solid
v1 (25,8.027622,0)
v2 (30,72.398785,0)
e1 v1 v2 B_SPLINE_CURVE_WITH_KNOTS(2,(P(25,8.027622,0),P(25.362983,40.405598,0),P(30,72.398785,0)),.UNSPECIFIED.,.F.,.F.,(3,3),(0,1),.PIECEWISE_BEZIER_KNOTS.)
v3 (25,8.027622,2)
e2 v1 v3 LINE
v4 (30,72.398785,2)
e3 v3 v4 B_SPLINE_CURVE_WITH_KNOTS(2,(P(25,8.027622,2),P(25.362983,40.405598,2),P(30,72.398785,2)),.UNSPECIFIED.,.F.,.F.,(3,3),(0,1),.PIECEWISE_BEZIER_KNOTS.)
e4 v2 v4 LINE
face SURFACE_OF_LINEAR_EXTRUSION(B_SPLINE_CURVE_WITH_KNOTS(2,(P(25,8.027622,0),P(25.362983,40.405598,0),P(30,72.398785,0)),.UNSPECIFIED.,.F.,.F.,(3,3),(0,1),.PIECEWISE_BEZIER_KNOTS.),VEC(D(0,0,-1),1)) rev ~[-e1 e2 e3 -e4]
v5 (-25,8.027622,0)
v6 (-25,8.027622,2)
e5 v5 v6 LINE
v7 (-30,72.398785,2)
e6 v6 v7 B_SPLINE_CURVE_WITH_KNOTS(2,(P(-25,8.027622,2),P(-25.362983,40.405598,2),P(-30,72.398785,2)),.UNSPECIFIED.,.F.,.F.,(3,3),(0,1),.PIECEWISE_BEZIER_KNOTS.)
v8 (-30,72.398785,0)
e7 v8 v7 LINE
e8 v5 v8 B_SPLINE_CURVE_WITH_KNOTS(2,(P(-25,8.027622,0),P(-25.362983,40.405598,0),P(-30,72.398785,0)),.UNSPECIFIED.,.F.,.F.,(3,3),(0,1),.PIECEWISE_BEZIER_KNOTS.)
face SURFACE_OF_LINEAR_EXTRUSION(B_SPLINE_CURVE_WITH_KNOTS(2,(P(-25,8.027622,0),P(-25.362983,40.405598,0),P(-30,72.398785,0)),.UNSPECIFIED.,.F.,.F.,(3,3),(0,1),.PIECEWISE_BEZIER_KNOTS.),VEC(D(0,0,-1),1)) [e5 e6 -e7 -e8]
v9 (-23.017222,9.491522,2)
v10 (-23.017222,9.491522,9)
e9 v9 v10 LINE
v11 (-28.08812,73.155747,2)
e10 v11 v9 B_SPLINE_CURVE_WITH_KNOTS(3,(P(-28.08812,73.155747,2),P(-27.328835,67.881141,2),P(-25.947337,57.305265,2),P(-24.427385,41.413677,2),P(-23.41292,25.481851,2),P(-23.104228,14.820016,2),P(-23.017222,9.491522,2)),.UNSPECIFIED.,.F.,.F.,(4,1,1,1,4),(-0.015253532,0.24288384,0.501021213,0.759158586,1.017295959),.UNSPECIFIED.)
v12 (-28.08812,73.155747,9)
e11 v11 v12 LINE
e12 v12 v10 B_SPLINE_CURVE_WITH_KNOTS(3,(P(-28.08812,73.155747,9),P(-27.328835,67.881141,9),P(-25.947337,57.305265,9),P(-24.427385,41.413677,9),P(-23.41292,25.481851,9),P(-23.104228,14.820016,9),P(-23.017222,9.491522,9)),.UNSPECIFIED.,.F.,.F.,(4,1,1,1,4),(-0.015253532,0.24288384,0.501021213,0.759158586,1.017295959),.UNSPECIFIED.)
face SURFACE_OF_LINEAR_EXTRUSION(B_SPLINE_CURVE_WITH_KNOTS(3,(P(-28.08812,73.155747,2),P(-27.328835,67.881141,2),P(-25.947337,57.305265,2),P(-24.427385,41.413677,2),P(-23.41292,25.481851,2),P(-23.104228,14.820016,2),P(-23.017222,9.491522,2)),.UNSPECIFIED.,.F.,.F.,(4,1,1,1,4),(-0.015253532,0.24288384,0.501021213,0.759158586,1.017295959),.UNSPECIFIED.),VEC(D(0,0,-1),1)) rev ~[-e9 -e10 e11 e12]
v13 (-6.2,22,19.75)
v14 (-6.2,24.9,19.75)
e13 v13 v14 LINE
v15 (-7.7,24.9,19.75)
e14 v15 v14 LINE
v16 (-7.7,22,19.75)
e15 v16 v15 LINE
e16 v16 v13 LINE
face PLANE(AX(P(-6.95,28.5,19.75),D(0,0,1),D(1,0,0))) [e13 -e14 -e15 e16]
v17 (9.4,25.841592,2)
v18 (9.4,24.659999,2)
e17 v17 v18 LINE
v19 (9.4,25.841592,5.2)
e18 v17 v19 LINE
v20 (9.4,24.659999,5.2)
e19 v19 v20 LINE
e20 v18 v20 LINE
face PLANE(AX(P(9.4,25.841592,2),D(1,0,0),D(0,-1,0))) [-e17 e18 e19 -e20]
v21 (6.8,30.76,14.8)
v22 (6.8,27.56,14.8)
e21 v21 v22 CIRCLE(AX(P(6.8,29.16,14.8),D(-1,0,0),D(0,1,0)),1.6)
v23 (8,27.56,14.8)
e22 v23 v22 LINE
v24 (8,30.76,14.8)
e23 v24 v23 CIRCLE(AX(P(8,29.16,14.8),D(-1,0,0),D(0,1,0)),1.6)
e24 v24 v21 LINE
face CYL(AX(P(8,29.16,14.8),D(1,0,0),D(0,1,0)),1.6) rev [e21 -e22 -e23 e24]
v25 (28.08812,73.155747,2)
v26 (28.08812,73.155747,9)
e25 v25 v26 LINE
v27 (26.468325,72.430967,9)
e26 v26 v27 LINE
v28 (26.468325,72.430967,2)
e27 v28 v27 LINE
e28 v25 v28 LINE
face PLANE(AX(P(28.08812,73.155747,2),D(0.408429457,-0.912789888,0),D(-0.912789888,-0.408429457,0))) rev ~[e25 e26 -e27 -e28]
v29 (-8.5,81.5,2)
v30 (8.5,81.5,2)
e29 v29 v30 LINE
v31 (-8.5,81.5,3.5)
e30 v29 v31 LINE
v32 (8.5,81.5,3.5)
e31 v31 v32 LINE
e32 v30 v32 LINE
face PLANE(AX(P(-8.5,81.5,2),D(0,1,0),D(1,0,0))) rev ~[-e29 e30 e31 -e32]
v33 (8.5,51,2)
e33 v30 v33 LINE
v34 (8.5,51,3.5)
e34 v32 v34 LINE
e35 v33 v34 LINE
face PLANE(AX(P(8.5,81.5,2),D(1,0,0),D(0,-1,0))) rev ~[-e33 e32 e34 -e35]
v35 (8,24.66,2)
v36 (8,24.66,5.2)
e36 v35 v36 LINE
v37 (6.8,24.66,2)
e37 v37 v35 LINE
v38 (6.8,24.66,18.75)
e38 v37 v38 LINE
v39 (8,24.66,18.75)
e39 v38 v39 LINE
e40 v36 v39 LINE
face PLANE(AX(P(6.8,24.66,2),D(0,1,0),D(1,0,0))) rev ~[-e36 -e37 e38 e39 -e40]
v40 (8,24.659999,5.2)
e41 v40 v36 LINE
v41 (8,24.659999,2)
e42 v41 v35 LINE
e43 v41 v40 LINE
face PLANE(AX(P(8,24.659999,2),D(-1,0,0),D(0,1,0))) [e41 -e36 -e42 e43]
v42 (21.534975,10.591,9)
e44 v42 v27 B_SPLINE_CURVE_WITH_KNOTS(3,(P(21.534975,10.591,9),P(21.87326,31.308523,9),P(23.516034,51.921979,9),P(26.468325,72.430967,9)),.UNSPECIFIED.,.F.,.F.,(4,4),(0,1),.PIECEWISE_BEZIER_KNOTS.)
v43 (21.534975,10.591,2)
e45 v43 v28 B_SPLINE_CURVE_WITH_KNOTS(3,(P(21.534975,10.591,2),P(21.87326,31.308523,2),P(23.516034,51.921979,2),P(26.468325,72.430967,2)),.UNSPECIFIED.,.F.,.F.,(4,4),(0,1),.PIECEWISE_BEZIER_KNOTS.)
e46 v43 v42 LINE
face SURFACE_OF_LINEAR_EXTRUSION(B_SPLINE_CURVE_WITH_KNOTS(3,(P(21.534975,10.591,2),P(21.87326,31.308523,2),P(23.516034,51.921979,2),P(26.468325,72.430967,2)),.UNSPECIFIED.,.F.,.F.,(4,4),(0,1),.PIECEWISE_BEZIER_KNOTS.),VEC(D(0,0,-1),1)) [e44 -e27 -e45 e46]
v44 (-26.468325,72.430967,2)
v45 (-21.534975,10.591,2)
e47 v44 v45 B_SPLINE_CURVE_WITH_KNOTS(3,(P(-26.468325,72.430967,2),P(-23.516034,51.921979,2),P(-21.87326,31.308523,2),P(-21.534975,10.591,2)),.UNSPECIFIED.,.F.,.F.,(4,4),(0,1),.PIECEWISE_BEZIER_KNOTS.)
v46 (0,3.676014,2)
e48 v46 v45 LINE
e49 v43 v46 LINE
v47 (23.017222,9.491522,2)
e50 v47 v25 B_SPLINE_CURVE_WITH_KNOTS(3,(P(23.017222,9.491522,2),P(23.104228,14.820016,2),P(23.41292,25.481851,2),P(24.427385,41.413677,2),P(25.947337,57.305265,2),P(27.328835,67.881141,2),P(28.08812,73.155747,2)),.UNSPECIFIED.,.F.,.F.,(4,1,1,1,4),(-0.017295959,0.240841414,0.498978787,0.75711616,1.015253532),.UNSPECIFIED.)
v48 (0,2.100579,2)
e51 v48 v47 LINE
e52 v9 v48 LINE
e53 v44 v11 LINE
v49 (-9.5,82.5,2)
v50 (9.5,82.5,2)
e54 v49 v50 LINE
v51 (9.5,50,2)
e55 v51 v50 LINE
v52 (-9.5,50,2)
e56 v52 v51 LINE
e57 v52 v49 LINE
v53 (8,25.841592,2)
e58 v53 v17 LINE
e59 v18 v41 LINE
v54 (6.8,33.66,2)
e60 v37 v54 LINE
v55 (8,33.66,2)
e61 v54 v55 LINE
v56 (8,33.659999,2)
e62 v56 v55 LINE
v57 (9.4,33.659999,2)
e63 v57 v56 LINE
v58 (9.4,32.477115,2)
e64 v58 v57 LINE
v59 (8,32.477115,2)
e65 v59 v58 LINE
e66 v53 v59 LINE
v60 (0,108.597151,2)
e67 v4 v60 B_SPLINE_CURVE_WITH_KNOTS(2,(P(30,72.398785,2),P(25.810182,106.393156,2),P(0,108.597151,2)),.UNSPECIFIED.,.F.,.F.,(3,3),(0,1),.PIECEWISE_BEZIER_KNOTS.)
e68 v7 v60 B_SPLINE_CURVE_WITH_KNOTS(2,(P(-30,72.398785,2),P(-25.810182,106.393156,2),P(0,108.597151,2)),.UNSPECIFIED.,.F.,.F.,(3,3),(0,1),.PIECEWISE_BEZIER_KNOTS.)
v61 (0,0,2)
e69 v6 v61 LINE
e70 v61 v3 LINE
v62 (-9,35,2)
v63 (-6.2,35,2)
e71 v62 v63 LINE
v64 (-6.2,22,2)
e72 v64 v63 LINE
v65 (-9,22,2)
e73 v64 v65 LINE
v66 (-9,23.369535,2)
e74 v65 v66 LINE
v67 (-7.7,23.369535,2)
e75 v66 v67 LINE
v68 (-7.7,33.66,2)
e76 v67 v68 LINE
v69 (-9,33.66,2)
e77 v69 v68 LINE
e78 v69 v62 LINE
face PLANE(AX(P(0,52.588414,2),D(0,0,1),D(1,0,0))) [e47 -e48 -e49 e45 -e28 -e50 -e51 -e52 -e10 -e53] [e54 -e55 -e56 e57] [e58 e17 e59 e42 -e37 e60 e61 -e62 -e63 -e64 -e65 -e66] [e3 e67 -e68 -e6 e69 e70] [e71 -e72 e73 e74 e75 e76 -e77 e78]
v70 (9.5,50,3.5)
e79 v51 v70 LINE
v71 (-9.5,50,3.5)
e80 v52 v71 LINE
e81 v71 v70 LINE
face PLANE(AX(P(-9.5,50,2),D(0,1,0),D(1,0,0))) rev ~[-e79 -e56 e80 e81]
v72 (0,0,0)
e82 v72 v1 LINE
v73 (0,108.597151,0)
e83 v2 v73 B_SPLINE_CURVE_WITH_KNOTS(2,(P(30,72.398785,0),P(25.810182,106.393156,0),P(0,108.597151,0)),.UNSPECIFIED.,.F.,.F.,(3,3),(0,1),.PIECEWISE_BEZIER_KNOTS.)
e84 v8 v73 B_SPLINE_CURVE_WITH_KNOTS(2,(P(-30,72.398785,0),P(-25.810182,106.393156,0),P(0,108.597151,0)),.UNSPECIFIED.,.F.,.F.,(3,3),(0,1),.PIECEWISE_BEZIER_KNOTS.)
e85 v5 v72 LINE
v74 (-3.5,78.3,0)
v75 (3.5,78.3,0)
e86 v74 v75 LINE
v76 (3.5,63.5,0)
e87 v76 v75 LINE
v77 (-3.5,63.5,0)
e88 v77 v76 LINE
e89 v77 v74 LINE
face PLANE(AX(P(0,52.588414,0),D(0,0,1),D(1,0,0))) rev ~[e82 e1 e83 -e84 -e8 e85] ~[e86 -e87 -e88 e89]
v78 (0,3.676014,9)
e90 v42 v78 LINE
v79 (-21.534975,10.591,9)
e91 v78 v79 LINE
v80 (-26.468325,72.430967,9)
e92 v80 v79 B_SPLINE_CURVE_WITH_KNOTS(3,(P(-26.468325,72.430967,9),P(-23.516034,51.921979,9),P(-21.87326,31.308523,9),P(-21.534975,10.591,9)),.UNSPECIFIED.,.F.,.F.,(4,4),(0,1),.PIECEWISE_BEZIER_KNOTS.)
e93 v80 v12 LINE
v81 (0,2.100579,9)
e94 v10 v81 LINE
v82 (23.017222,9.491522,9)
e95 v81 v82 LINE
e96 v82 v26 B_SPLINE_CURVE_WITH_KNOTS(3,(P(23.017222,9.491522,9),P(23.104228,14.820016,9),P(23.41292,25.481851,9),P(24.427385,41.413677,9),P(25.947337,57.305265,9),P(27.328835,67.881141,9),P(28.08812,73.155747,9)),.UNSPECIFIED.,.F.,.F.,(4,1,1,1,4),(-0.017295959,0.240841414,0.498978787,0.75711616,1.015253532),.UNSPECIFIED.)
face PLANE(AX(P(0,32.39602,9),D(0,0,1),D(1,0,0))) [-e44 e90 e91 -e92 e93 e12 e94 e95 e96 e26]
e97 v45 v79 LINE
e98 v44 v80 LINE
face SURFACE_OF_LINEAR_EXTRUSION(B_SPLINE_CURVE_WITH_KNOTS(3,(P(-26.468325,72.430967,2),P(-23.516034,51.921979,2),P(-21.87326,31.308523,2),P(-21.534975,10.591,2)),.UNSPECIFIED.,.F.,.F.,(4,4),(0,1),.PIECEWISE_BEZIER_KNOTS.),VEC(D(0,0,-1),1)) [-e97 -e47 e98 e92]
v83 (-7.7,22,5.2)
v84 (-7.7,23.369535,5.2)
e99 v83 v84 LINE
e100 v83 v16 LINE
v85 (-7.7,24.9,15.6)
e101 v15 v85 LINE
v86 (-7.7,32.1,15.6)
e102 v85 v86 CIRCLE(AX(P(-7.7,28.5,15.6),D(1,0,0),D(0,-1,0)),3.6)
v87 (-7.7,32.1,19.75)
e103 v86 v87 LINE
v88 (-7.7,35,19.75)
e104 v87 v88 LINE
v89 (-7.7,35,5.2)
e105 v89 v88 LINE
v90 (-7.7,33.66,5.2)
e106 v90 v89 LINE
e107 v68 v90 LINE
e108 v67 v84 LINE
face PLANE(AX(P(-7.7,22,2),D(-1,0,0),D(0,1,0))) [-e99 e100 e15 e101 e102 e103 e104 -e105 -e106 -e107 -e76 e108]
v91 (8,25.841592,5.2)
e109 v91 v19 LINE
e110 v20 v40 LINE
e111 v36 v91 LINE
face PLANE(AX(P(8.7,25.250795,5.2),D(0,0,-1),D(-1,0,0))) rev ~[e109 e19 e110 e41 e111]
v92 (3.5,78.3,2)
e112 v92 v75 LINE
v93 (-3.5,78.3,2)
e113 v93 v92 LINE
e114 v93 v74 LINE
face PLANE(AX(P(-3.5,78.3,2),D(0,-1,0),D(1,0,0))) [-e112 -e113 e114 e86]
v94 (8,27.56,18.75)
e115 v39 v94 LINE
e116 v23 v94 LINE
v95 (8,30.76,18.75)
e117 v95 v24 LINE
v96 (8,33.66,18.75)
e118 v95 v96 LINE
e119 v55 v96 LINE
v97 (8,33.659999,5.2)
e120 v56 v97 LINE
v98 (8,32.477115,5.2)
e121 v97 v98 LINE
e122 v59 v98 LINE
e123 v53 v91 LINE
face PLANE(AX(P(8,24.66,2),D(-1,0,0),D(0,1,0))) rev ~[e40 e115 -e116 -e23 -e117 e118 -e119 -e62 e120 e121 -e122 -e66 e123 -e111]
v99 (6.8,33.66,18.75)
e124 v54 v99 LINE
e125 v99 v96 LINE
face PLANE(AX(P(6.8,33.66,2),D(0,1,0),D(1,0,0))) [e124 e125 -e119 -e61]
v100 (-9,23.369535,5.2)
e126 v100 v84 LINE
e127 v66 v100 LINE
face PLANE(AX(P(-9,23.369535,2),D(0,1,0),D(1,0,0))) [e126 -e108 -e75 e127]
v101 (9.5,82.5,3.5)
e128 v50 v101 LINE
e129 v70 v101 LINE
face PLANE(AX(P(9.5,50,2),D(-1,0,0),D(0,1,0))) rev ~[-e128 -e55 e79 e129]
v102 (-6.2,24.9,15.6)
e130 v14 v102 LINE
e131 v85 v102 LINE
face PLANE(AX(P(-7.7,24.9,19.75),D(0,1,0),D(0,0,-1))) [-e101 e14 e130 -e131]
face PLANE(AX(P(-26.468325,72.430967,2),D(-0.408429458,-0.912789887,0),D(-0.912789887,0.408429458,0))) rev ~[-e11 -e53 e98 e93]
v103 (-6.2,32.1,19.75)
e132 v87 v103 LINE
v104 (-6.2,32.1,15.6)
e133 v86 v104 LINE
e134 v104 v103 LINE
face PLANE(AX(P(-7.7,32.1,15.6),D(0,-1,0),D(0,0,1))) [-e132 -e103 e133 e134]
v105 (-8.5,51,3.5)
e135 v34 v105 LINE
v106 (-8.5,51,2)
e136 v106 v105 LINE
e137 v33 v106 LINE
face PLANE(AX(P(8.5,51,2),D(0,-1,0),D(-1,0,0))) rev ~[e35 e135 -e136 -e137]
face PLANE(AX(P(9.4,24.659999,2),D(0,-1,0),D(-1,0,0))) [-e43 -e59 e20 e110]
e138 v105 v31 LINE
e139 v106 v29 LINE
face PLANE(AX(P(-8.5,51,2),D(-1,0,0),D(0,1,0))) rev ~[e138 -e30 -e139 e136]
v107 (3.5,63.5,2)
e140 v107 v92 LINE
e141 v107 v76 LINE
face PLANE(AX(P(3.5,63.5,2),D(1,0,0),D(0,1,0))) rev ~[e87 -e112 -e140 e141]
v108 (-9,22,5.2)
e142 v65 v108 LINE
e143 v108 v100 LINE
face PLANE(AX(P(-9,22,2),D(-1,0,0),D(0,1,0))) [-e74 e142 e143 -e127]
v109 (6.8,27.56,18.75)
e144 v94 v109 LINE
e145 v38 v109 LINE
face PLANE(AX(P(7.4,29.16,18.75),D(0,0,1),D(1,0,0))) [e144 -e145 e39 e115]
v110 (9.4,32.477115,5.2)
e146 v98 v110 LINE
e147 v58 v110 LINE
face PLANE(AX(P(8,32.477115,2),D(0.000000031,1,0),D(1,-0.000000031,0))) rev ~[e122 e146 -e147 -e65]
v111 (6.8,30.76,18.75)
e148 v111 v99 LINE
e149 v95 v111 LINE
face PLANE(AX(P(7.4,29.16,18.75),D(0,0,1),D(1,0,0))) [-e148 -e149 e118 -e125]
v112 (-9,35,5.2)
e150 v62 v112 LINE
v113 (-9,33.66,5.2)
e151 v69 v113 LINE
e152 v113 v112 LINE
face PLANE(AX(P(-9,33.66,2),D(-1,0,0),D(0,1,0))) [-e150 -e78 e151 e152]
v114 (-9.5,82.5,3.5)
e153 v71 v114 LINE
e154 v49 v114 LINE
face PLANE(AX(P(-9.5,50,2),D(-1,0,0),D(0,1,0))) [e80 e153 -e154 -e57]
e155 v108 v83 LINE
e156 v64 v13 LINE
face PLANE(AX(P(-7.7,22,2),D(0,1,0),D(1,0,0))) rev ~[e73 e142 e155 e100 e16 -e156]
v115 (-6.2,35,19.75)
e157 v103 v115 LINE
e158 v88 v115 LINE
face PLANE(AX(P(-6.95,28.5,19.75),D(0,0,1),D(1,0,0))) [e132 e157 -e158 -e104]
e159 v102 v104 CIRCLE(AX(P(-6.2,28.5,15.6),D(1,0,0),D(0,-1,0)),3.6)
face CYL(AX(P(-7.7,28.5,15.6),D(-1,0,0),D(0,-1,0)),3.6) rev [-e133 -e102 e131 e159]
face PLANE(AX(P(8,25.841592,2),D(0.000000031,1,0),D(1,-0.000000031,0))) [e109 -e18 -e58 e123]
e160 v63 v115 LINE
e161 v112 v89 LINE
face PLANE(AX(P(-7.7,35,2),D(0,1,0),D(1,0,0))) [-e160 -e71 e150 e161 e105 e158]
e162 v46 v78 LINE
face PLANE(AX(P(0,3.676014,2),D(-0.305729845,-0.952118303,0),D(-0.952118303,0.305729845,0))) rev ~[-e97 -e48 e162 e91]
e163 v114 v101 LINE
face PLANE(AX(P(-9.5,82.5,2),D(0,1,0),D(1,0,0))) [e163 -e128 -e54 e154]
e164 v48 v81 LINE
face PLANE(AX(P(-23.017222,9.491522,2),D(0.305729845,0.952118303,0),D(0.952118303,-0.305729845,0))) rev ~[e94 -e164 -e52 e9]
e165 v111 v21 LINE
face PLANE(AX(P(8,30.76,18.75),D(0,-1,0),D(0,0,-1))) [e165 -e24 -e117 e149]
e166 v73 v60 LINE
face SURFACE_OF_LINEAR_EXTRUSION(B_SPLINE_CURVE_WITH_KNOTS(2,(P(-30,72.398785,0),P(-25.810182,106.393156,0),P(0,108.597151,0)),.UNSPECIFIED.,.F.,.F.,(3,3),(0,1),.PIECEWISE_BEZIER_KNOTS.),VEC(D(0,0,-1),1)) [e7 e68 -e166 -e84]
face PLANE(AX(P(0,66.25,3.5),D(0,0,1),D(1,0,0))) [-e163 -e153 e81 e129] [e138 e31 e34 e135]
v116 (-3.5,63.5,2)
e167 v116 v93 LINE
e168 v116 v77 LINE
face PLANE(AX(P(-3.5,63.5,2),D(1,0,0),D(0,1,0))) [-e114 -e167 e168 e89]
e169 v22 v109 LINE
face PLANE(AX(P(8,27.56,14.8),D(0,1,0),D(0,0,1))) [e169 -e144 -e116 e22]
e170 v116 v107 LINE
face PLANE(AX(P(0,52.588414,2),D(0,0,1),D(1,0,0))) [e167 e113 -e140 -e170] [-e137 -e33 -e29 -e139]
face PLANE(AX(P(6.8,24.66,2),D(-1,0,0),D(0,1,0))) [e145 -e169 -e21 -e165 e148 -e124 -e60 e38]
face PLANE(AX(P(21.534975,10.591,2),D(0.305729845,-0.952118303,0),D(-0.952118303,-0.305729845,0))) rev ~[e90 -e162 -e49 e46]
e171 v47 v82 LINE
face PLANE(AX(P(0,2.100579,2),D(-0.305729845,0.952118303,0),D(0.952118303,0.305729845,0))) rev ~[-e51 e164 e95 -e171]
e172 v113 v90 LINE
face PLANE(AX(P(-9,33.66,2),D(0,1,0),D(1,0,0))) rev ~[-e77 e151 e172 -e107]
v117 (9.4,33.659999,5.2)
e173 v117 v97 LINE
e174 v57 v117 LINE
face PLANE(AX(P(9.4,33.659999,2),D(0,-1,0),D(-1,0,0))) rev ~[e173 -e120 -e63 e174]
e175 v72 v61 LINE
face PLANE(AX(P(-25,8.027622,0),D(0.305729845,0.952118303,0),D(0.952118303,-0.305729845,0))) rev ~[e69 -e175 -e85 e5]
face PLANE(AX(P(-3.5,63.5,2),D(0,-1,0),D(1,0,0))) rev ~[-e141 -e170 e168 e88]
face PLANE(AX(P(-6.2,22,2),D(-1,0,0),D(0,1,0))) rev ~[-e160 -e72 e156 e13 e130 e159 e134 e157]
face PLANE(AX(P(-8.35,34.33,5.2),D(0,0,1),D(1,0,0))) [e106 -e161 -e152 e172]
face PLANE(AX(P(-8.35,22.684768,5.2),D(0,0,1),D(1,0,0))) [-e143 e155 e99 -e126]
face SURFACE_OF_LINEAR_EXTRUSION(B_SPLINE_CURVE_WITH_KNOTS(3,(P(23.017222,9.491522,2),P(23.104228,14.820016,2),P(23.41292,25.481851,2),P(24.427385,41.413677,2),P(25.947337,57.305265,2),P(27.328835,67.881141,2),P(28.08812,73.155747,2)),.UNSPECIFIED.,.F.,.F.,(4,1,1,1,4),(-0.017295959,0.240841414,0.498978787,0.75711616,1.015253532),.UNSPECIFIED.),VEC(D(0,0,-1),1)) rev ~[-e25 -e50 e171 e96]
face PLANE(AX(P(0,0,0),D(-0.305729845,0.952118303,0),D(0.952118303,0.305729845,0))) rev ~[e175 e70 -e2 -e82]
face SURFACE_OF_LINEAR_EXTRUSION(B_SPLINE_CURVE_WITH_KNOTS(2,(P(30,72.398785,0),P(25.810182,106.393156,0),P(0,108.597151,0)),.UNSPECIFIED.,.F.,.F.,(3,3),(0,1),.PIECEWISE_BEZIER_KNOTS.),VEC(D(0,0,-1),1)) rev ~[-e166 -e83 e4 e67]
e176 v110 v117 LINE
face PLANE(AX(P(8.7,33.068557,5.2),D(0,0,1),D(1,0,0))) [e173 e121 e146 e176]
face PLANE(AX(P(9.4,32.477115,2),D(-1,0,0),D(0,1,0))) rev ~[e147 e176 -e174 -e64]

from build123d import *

# Parameters (mm, degrees)
P_IDAT_VYSUNUT_M3_DEPTH  = 2
SKICA5_W                 = 19
SKICA5_H                 = 32.5
P_IDAT_VYSUNUT_M4_DEPTH  = 1.5
SKICA6_W                 = 1.5
SKICA6_H                 = 13
P_IDAT_VYSUNUT_M5_DEPTH  = 17.75
SKICA6_4_W               = 1.2
SKICA6_4_H               = 9
P_IDAT_VYSUNUT_M6_DEPTH  = 16.75
SKICA9_W                 = 1.3
SKICA9_H                 = 1.369535349
SKICA9_H_2               = 1.34
P_IDAT_VYSUNUT_M7_DEPTH  = 3.2
ODEBRAT_VYSUNUT_M5_DEPTH = 1.2
ODEBRAT_VYSUNUT_M6_DEPTH = 1.5
SKICA13_W                = 7
SKICA13_H                = 14.8
ODEBRAT_VYSUNUT_M7_DEPTH = 2
P_IDAT_VYSUNUT_M9_DEPTH  = 7


with BuildPart() as part:
    # Skica3 → Přidat vysunutím3 (new body)
    with BuildSketch(Plane.XY):
        with BuildLine():
            Line((0, 0), (25, 8.027622297))
            add(Edge.make_bspline(
                [(25, 8.027622297), (25.362983363, 40.405597735), (30, 72.39878495)],
                knots=[0, 0, 0, 1, 1, 1], degree=2))
            add(Edge.make_bspline(
                [(30, 72.39878495), (25.810182082, 106.393156288), (0, 108.597151184)],
                knots=[0, 0, 0, 1, 1, 1], degree=2))
            add(Edge.make_bspline(
                [(-30, 72.39878495), (-25.810182082, 106.393156288), (0, 108.597151184)],
                knots=[0, 0, 0, 1, 1, 1], degree=2))
            add(Edge.make_bspline(
                [(-25, 8.027622297), (-25.362983363, 40.405597735), (-30, 72.39878495)],
                knots=[0, 0, 0, 1, 1, 1], degree=2))
            Line((-25, 8.027622297), (0, 0))
        make_face()
    extrude(amount=P_IDAT_VYSUNUT_M3_DEPTH)

    # Skica5 → Přidat vysunutím4 (add)
    with BuildSketch(Plane.XY.offset(2)):
        with Locations((0, 66.25)):
            Rectangle(SKICA5_W, SKICA5_H)
        Polygon((-8.5, 81.5), (8.5, 81.5), (8.5, 51), (0, 51), (-8.5, 51), align=None, mode=Mode.SUBTRACT)
    extrude(amount=P_IDAT_VYSUNUT_M4_DEPTH)

    # Skica6 → Přidat vysunutím5 (add)
    with BuildSketch(Plane.XY.offset(2)):
        with Locations((-6.95, 28.5)):
            Rectangle(SKICA6_W, SKICA6_H)
    extrude(amount=P_IDAT_VYSUNUT_M5_DEPTH)

    # Skica6<4> → Přidat vysunutím6 (add)
    with BuildSketch(Plane.XY.offset(2)):
        with Locations((7.4, 29.16)):
            Rectangle(SKICA6_4_W, SKICA6_4_H)
    extrude(amount=P_IDAT_VYSUNUT_M6_DEPTH)

    # Skica9 → Přidat vysunutím7 (add)
    with BuildSketch(Plane.XY.offset(2)):
        Polygon((8, 33.659998668), (8, 32.477114588), (9.4, 32.477114544), (9.4, 33.659998668), align=None)
        Polygon((8, 24.659998668), (8, 25.841591632), (9.399999793, 25.841591589), (9.399999793, 24.659998668), align=None)
        with Locations((-8.35, 22.684767675)):
            Rectangle(SKICA9_W, SKICA9_H)
        with Locations((-8.35, 34.33)):
            Rectangle(SKICA9_W, SKICA9_H_2)
    extrude(amount=P_IDAT_VYSUNUT_M7_DEPTH)

    # Skica11 → Odebrat vysunutím5 (cut)
    with BuildSketch(Plane(origin=(8, 0, 0), x_dir=(0, 0, -1), z_dir=(1, 0, 0))):
        with BuildLine():
            Line((-18.75, 27.56), (-18.75, 30.76))
            Line((-18.75, 30.76), (-14.8, 30.76))
            ThreePointArc((-14.8, 30.76), (-13.2, 29.16), (-14.8, 27.56))
            Line((-14.8, 27.56), (-18.75, 27.56))
        make_face()
    extrude(amount=-ODEBRAT_VYSUNUT_M5_DEPTH, mode=Mode.SUBTRACT)

    # Skica12 → Odebrat vysunutím6 (cut)
    with BuildSketch(Plane.ZY.offset(7.7)):
        with BuildLine():
            Line((19.75, 32.1), (19.75, 24.9))
            Line((19.75, 24.9), (15.6, 24.9))
            ThreePointArc((15.6, 24.9), (12, 28.5), (15.6, 32.1))
            Line((15.6, 32.1), (19.75, 32.1))
        make_face()
    extrude(amount=-ODEBRAT_VYSUNUT_M6_DEPTH, mode=Mode.SUBTRACT)

    # Skica13 → Odebrat vysunutím7 (cut)
    with BuildSketch(Plane.XY.offset(2)):
        with Locations((0, 70.9)):
            Rectangle(SKICA13_W, SKICA13_H)
    extrude(amount=-ODEBRAT_VYSUNUT_M7_DEPTH, mode=Mode.SUBTRACT)

    # Skica15 → Přidat vysunutím9 (add)
    with BuildSketch(Plane.XY.offset(2)):
        with BuildLine():
            Line((-23.017222129, 9.491521925), (0, 2.100579303))
            Line((0, 2.100579303), (23.017222129, 9.491521925))
            add(Edge.make_bspline(
                [(23.017222129, 9.491521925), (23.104228084, 14.820015615), (23.412919749, 25.481851116), (24.427384602, 41.413676681), (25.947336757, 57.30526528), (27.328834525, 67.881140695), (28.08811969, 73.155746738)],
                knots=[-0.017295959, -0.017295959, -0.017295959, -0.017295959, 0.240841414, 0.498978787, 0.75711616, 1.015253532, 1.015253532, 1.015253532, 1.015253532], degree=3))
            Line((28.08811969, 73.155746738), (26.468325097, 72.43096677))
            add(Edge.make_bspline(
                [(21.534974927, 10.590999575), (21.873259628, 31.308522725), (23.516034404, 51.921978771), (26.468325097, 72.43096677)],
                knots=[0, 0, 0, 0, 1, 1, 1, 1], degree=3))
            Line((21.534974927, 10.590999575), (0, 3.676013779))
            Line((0, 3.676013779), (-21.534974927, 10.590999575))
            add(Edge.make_bspline(
                [(-26.468325097, 72.43096677), (-23.516034403, 51.921978771), (-21.873259627, 31.308522725), (-21.534974927, 10.590999575)],
                knots=[0, 0, 0, 0, 1, 1, 1, 1], degree=3))
            Line((-26.468325097, 72.43096677), (-28.08811969, 73.15574674))
            add(Edge.make_bspline(
                [(-28.08811969, 73.15574674), (-27.328834525, 67.881140697), (-25.947336757, 57.305265281), (-24.427384601, 41.413676681), (-23.412919749, 25.481851116), (-23.104228084, 14.820015615), (-23.017222129, 9.491521925)],
                knots=[-0.015253532, -0.015253532, -0.015253532, -0.015253532, 0.24288384, 0.501021213, 0.759158586, 1.017295959, 1.017295959, 1.017295959, 1.017295959], degree=3))
        make_face()
    extrude(amount=P_IDAT_VYSUNUT_M9_DEPTH)


solid = part.part
